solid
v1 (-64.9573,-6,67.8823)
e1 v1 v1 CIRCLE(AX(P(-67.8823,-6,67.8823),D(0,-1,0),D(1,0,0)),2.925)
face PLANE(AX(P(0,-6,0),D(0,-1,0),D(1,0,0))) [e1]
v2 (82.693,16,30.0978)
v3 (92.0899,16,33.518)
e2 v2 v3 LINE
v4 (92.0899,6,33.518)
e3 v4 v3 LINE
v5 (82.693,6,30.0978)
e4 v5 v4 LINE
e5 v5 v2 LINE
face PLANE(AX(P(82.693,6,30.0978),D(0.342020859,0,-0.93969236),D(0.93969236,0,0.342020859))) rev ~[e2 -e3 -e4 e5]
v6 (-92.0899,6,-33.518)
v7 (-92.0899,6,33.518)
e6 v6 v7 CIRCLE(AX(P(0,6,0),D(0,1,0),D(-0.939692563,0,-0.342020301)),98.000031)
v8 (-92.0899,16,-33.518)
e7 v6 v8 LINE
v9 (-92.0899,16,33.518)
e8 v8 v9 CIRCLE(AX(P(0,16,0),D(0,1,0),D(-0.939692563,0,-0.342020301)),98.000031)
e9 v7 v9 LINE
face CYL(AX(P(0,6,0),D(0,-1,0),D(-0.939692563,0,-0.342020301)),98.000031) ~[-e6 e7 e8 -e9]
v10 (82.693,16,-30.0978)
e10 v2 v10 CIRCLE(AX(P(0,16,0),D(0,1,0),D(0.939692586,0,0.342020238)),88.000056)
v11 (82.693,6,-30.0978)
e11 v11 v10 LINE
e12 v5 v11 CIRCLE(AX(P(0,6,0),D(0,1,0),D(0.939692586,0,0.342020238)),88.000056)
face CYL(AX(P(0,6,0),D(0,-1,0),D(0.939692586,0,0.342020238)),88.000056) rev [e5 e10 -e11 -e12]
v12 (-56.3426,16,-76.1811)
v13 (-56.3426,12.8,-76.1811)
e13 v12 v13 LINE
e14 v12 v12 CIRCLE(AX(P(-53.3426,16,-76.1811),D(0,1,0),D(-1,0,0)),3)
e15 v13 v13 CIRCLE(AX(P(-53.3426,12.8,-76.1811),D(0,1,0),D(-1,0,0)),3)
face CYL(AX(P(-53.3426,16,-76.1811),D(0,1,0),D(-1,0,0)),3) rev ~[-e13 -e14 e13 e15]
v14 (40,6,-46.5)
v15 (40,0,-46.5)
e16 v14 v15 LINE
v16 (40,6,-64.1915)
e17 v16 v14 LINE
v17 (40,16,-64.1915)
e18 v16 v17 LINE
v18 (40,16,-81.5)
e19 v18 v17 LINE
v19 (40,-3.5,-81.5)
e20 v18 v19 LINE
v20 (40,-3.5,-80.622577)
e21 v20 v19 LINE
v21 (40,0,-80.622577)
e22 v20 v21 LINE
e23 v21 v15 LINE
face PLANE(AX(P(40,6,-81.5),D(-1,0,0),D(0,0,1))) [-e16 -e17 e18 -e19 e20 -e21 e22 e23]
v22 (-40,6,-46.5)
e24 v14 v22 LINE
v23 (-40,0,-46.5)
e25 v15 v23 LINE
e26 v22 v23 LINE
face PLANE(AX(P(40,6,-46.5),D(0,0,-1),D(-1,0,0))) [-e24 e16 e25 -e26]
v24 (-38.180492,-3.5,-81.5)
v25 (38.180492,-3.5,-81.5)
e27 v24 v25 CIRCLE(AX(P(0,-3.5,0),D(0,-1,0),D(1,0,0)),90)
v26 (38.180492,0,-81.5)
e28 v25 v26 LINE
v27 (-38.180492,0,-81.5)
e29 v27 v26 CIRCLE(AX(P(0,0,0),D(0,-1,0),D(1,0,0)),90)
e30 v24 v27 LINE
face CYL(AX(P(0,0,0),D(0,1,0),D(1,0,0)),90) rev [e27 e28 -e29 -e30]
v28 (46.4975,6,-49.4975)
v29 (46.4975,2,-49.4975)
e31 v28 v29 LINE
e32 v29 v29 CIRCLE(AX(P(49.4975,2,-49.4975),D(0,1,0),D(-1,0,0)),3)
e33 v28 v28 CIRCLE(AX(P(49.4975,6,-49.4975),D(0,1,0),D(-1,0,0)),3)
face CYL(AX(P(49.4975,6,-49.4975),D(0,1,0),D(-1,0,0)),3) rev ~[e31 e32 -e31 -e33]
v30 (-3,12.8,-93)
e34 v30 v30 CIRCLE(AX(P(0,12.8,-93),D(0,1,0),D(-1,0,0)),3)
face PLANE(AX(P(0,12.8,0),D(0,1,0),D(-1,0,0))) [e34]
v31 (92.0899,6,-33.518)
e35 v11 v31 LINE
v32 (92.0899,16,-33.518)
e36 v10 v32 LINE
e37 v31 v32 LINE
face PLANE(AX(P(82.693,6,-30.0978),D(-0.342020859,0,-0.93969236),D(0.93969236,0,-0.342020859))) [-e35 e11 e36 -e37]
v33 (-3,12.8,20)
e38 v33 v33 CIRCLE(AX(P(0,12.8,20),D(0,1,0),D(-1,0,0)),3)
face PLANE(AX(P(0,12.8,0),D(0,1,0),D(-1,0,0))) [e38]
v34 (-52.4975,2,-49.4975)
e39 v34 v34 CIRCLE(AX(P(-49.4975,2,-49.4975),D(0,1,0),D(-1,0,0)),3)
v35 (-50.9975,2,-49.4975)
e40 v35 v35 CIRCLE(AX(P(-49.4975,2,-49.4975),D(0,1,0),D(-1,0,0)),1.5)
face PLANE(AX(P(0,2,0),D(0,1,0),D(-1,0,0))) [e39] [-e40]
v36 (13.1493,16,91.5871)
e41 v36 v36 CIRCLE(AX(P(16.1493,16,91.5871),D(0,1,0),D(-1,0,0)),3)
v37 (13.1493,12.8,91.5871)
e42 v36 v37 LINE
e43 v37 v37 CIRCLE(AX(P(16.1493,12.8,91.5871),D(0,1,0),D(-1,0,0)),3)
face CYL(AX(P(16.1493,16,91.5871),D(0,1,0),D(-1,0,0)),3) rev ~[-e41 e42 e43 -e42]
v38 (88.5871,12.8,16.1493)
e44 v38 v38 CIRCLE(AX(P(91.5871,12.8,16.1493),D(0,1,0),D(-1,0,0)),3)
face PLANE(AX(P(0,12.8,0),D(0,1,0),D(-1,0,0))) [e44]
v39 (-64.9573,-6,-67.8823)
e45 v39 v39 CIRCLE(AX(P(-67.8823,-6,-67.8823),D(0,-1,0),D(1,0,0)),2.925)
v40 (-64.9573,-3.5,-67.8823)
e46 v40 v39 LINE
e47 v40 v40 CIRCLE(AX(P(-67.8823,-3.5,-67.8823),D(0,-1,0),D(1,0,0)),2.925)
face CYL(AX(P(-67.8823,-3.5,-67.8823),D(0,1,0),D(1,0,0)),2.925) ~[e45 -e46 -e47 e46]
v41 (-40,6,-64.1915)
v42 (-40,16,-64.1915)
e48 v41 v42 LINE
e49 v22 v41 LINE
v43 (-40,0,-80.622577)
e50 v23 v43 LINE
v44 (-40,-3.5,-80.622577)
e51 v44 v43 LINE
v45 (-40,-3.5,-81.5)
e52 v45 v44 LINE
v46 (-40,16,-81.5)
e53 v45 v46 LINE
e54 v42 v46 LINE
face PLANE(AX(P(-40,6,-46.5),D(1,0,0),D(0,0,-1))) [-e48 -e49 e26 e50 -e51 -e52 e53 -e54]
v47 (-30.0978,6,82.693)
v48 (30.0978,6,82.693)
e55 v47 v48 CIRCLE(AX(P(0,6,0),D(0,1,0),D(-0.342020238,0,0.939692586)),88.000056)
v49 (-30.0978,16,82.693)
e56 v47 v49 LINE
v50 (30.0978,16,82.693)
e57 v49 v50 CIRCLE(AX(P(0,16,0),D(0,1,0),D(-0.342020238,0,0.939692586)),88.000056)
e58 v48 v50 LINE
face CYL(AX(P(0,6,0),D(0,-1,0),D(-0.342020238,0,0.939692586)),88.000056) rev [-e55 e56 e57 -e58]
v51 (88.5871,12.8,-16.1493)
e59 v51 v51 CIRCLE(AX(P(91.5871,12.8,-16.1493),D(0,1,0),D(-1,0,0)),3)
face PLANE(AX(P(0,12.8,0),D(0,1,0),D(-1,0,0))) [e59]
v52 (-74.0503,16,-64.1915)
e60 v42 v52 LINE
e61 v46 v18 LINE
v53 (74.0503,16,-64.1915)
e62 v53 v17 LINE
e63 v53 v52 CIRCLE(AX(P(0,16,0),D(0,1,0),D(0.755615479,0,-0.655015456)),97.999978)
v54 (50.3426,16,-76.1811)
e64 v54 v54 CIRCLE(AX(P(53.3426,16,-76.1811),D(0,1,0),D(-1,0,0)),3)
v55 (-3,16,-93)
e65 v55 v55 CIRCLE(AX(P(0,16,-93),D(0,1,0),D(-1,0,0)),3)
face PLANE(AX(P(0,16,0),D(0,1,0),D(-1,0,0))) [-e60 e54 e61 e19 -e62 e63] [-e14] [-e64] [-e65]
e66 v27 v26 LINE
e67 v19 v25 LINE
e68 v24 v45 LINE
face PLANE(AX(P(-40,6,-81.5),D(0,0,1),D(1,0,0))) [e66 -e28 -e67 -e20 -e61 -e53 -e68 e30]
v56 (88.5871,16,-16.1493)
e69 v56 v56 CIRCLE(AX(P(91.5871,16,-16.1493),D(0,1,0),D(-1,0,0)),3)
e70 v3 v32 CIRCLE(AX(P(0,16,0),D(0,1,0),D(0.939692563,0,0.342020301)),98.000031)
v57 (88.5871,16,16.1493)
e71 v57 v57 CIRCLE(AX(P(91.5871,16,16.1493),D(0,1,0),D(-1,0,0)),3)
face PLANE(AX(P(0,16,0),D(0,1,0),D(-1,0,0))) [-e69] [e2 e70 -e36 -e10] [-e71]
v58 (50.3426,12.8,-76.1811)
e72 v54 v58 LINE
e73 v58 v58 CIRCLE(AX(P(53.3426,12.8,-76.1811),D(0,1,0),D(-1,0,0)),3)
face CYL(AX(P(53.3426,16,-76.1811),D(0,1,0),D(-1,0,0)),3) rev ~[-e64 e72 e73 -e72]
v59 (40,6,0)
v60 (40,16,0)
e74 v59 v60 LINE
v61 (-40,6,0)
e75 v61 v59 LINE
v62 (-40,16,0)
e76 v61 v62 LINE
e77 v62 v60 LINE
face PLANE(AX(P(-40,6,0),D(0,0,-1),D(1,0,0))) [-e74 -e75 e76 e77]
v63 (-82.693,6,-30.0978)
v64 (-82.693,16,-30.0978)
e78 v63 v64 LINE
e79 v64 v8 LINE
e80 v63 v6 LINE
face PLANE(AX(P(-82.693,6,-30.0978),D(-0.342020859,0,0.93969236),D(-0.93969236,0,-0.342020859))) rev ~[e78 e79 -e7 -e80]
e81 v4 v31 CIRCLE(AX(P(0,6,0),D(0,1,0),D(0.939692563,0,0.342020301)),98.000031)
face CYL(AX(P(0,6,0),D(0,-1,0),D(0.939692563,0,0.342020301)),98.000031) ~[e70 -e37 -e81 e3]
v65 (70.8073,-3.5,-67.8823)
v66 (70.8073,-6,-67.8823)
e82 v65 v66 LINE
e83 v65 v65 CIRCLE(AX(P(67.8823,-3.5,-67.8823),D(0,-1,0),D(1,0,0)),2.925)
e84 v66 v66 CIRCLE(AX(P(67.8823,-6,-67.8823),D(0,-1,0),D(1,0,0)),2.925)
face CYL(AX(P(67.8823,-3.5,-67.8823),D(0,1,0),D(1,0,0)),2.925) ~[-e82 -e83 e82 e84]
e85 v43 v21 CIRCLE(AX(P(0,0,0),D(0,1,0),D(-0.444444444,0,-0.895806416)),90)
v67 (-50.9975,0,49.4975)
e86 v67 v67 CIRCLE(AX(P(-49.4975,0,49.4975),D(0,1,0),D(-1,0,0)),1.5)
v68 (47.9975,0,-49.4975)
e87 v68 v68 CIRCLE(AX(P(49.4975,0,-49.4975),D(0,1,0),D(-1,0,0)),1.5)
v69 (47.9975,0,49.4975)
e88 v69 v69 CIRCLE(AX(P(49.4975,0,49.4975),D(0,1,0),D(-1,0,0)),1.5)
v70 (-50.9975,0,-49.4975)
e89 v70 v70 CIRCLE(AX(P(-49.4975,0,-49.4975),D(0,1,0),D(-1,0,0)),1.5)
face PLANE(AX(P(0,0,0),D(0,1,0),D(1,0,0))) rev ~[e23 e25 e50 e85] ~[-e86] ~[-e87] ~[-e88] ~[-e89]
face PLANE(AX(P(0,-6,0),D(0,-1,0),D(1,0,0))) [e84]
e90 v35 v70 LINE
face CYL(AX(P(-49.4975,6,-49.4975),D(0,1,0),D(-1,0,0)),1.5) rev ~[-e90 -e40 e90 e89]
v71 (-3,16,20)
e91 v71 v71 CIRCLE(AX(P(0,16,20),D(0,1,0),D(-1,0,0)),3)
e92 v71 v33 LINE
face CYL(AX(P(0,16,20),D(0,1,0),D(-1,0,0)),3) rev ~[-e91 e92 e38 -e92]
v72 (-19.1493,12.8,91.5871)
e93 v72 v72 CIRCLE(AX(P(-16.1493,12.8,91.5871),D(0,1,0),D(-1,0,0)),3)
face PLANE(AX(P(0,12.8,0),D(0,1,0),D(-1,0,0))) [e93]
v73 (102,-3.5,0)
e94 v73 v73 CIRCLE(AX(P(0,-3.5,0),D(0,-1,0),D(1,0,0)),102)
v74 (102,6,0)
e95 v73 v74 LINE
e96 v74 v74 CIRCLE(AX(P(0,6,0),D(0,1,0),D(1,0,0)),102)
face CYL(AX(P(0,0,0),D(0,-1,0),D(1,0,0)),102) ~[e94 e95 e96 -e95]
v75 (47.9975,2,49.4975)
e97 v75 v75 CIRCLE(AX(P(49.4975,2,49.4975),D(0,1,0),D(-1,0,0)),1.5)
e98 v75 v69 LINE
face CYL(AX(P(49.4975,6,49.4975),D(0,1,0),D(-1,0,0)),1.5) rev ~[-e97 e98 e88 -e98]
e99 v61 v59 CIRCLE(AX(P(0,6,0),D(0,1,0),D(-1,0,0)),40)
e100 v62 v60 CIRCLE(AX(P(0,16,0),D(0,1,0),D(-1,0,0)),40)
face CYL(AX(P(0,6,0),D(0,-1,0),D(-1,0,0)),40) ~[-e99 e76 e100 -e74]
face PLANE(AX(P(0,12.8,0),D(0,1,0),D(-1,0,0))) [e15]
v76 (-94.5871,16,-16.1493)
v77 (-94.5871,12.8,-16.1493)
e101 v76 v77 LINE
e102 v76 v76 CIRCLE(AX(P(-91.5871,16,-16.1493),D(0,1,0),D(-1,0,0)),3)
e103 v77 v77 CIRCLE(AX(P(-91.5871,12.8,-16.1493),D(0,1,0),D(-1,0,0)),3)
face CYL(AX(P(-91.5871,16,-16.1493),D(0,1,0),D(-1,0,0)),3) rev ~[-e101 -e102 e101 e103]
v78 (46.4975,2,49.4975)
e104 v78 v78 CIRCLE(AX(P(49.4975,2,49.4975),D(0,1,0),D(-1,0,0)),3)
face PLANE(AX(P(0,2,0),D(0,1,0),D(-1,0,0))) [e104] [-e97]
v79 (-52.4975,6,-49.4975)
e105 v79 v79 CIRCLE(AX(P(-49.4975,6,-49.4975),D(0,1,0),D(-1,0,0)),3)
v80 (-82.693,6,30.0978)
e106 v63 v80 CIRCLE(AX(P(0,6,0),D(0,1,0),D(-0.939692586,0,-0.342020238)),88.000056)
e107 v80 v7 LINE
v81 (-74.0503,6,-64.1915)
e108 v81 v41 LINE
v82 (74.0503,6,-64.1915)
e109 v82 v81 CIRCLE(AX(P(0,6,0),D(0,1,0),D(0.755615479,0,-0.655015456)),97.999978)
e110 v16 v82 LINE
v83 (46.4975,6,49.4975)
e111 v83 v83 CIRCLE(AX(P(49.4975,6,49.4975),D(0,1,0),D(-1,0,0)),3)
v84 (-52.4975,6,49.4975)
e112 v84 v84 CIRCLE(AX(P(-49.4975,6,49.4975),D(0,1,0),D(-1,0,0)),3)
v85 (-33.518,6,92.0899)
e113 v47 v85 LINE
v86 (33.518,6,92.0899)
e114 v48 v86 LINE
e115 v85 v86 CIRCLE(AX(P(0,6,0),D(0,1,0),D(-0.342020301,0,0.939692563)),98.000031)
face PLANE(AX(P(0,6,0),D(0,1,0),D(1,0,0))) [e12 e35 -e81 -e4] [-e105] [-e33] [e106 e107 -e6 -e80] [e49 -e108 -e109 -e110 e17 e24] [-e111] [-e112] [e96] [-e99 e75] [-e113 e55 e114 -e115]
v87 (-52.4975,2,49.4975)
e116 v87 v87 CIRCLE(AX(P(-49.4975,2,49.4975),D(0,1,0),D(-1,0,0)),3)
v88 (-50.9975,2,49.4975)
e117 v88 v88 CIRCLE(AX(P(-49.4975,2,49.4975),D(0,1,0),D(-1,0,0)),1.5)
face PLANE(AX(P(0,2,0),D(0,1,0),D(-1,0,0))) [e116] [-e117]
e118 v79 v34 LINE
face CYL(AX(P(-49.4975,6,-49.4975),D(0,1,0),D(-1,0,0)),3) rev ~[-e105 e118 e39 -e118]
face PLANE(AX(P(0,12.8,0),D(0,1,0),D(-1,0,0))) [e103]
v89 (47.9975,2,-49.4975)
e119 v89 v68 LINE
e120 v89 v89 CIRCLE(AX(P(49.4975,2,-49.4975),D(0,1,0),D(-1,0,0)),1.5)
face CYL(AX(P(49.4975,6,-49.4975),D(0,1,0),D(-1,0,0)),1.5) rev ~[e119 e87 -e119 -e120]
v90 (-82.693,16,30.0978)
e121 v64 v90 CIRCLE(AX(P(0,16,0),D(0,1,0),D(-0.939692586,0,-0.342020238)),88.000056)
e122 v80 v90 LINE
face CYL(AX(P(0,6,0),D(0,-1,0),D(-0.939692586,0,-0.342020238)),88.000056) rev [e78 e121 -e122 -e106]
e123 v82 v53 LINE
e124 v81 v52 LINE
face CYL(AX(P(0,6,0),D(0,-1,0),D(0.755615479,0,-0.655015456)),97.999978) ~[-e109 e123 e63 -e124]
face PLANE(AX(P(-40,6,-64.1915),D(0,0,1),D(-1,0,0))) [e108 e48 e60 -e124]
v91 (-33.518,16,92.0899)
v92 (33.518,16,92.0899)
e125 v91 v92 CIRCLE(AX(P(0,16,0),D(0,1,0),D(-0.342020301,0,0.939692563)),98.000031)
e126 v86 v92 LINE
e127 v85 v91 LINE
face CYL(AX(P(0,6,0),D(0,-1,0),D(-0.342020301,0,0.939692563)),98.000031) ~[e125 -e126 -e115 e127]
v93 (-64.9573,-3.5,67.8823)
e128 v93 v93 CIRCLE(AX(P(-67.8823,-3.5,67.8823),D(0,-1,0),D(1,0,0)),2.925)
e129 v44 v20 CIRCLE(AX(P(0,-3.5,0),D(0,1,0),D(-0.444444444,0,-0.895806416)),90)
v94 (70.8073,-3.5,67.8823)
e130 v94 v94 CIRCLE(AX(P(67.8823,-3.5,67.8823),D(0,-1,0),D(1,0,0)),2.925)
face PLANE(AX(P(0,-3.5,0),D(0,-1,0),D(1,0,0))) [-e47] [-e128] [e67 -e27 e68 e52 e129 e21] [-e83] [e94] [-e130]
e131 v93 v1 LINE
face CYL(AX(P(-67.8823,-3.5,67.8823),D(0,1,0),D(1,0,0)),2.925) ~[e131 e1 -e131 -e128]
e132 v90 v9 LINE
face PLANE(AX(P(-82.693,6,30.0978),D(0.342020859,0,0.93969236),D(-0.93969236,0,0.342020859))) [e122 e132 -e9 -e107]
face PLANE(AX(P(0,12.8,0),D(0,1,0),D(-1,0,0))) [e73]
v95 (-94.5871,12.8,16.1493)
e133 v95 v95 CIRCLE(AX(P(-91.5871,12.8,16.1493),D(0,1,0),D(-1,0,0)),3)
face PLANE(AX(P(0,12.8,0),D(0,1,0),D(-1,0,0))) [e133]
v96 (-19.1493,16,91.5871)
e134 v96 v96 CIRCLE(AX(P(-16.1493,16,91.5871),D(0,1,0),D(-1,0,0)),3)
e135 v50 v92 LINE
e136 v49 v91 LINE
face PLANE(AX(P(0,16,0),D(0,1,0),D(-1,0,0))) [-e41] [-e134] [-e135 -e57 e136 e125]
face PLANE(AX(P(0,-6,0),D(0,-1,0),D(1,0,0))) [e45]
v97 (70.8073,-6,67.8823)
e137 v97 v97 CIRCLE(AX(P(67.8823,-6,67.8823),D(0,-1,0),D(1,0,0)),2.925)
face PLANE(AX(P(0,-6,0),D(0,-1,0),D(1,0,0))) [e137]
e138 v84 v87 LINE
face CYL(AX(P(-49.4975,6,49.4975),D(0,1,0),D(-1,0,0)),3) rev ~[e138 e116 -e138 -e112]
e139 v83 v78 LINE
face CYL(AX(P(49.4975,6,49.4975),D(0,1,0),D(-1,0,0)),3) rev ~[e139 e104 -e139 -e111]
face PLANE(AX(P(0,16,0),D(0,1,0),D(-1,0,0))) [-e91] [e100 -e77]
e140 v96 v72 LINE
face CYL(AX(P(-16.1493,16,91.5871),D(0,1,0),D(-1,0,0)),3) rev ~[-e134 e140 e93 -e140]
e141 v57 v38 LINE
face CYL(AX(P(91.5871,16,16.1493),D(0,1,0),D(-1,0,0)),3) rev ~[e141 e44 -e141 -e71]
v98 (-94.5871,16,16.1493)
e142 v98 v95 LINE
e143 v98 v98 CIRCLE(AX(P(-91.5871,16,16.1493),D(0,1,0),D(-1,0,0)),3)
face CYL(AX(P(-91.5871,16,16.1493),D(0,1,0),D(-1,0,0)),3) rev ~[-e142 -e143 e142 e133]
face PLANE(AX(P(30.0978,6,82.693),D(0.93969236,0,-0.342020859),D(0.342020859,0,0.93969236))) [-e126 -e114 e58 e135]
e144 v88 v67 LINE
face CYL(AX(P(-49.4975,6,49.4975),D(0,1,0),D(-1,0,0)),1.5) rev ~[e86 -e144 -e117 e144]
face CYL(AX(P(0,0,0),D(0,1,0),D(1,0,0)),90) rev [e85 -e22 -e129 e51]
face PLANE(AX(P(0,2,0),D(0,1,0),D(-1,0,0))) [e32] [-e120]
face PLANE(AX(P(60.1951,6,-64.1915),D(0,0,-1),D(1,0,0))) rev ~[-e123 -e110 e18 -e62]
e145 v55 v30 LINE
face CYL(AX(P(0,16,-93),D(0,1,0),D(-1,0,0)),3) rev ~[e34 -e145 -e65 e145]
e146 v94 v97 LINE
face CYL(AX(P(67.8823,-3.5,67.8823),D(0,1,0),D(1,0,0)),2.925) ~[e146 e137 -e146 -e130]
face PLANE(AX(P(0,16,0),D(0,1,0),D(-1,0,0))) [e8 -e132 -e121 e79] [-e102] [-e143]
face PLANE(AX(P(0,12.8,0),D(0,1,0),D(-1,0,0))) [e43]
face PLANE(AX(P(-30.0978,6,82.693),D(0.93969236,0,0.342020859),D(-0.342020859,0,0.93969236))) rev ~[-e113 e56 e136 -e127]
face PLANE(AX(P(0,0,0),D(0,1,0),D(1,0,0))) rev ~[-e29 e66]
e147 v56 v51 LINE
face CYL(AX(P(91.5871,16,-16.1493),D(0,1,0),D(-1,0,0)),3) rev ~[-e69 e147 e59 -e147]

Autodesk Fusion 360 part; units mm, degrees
sketch "Sketch1" plane through (0, 0, 0) normal (0, 1, 0) x (1, 0, 0)
  circle A0 centre (0, 0) radius 102
  dimension "d1" = 204
extrude "Extrude1" add sketch "Sketch1" along normal blind 6
sketch "Sketch2" plane through (0, 0, 0) normal (0, -1, 0) x (1, 0, 0)
  circle A0 centre (0, 0) radius 102
  circle A1 centre (0, 0) radius 102
  circle A2 centre (0, 0) radius 90
  dimension "d4" = 204
  dimension "d5" = 180
extrude "Extrude2" add sketch "Sketch2" along normal blind 3.5
sketch "Sketch3" plane through (0, -3.5, 0) normal (0, -1, 0) x (1, 0, 0)
  circle A0 centre (0, 0) radius 90
  circle A1 centre (0, 0) radius 102
  circle A2 centre (0, 0) radius 96 construction
  line L0 (0, 0) -> (-67.8823, 67.8823) construction
  line L1 (0, 0) -> (96, 0) construction
  line L2 (0, 0) -> (67.8823, 67.8823) construction
  line L3 (0, 0) -> (96, 0) construction
  line L4 (0, 0) -> (-67.8823, -67.8823) construction
  line L5 (0, 0) -> (96, 0) construction
  line L6 (0, 0) -> (67.8823, -67.8823) construction
  line L7 (0, 0) -> (96, 0) construction
  circle A3 centre (-67.8823, 67.8823) radius 2.925
  circle A4 centre (67.8823, 67.8823) radius 2.925
  circle A5 centre (-67.8823, -67.8823) radius 2.925
  circle A6 centre (67.8823, -67.8823) radius 2.925
  dimension "d8" = 192
  dimension "d9" = 135
  dimension "d10" = 45
  dimension "d11" = 135
  dimension "d12" = 45
  dimension "d13" = 5.85
  dimension "d14" = 5.85
  dimension "d15" = 5.85
  dimension "d16" = 5.85
extrude "Extrude3" add sketch "Sketch3" along normal blind 2.5 contours A3 | A4 | A5 | A6
sketch "Sketch4" plane through (0, 6, 0) normal (0, 1, 0) x (-1, 0, 0)
  circle A0 centre (0, 0) radius 102
  line L0 (0, 0) -> (0, -64) construction
  line L1 (40, -81.5) -> (-40, -81.5)
  line L2 (-40, -81.5) -> (-40, -46.5)
  line L3 (-40, -46.5) -> (40, -46.5)
  line L4 (40, -46.5) -> (40, -81.5)
  line L5 (40, -81.5) -> (-40, -46.5) construction
  line L6 (-40, -81.5) -> (40, -46.5) construction
  point P0 (0, -64)
  dimension "d19" = 64
  dimension "d20" = 80
  dimension "d21" = 35
extrude "Extrude4" cut sketch "Sketch4" against normal blind 20 contours L1 L2 L3 L4
sketch "Sketch5" plane through (0, 6, 0) normal (0, 1, 0) x (-1, 0, 0)
  line L0 (-40, -81.5) -> (-40, -46.5)
  line L1 (-40, -46.5) -> (40, -46.5)
  line L2 (40, -46.5) -> (40, -81.5)
  line L3 (40, -81.5) -> (-40, -81.5)
  circle A0 centre (0, 0) radius 102
  line L4 (40, 0) -> (-40, 0)
  arc A1 (40, 0) -> (-40, 0) centre (0, 0) ccw
  circle A2 centre (0, 0) radius 70 construction
  line L5 (0, 0) -> (49.4975, -49.4975) construction
  line L6 (0, 0) -> (70, 0) construction
  line L7 (0, 0) -> (49.4975, 49.4975) construction
  line L8 (0, 0) -> (70, 0) construction
  line L9 (0, 0) -> (-49.4975, -49.4975) construction
  line L10 (0, 0) -> (70, 0) construction
  line L11 (0, 0) -> (-49.4975, 49.4975) construction
  line L12 (0, 0) -> (70, 0) construction
  line L13 (0, 0) -> (98, 0) construction
  line L14 (0, 0) -> (98, 0) construction
  line L15 (0, 0) -> (98, 0) construction
  line L16 (-82.693, 30.0978) -> (-92.0899, 33.518)
  line L17 (0, 0) -> (98, 0) construction
  line L18 (30.0978, 82.693) -> (33.518, 92.0899)
  line L19 (0, 0) -> (98, 0) construction
  line L20 (-30.0978, 82.693) -> (-33.518, 92.0899)
  line L21 (0, 0) -> (98, 0) construction
  line L22 (82.693, -30.0978) -> (92.0899, -33.518)
  line L23 (82.693, 30.0978) -> (92.0899, 33.518)
  line L24 (-82.693, -30.0978) -> (-92.0899, -33.518)
  line L25 (60.1951, -64.1915) -> (74.0503, -64.1915)
  line L26 (-60.1951, -64.1915) -> (-74.0503, -64.1915)
  arc A3 (-74.0503, -64.1915) -> (74.0503, -64.1915) centre (0, 0) ccw
  arc A4 (-82.693, 30.0978) -> (-82.693, -30.0978) centre (0, 0) ccw
  arc A5 (-92.0899, 33.518) -> (-92.0899, -33.518) centre (0, 0) ccw
  arc A6 (92.0899, -33.518) -> (92.0899, 33.518) centre (0, 0) ccw
  arc A7 (33.518, 92.0899) -> (-33.518, 92.0899) centre (0, 0) ccw
  arc A8 (82.693, -30.0978) -> (82.693, 30.0978) centre (0, 0) ccw
  arc A9 (30.0978, 82.693) -> (-30.0978, 82.693) centre (0, 0) ccw
  line L27 (-60.1951, -64.1915) -> (-40, -64.1915)
  line L28 (40, -64.1915) -> (60.1951, -64.1915)
  circle A10 centre (49.4975, -49.4975) radius 1.5
  circle A11 centre (49.4975, -49.4975) radius 3
  circle A12 centre (-49.4975, -49.4975) radius 1.5
  circle A13 centre (-49.4975, -49.4975) radius 3
  circle A14 centre (49.4975, 49.4975) radius 1.5
  circle A15 centre (49.4975, 49.4975) radius 3
  circle A16 centre (-49.4975, 49.4975) radius 1.5
  circle A17 centre (-49.4975, 49.4975) radius 3
  dimension "d24" = 176
  dimension "d25" = 196
  dimension "d26" = 80
  dimension "d27" = 140
  dimension "d28" = 45
  dimension "d29" = 45
  dimension "d30" = 135
  dimension "d31" = 135
  dimension "d35" = 160
  dimension "d36" = 70
  dimension "d37" = 110
  dimension "d38" = 3
  dimension "d39" = 6
  dimension "d40" = 3
  dimension "d41" = 6
  dimension "d42" = 3
  dimension "d43" = 6
  dimension "d44" = 3
  dimension "d45" = 6
extrude "Extrude5" cut sketch "Sketch5" against normal blind 20 contours A10 | A12 | A14 | A16
extrude "Extrude6" cut sketch "Sketch5" against normal blind 4 contours A11 | A13 | A15 | A17
extrude "Extrude7" add sketch "Sketch5" along normal blind 10 contours L0 L2 L3 L25 L26 A3 L27 L28 | L4 A1 | L16 L24 A4 A5 | L18 L20 A7 A9 | L22 L23 A6 A8
sketch "Sketch6" plane through (0, 16, 0) normal (0, 1, 0) x (-1, 0, 0)
  arc A0 (40, 0) -> (-40, 0) centre (0, 0) ccw
  line L0 (-40, 0) -> (40, 0)
  circle A1 centre (0, 0) radius 93 construction
  circle A2 centre (0, 0) radius 20 construction
  line L1 (0, 0) -> (0, 20) construction
  line L2 (0, 0) -> (91.5871, -16.1493) construction
  line L3 (0, 0) -> (93, 0) construction
  line L4 (0, 0) -> (91.5871, 16.1493) construction
  line L5 (0, 0) -> (93, 0) construction
  line L6 (0, 0) -> (-91.5871, -16.1493) construction
  line L7 (0, 0) -> (93, 0) construction
  line L8 (0, 0) -> (-91.5871, 16.1493) construction
  line L9 (0, 0) -> (93, 0) construction
  line L10 (0, 0) -> (16.1493, 91.5871) construction
  line L11 (0, 0) -> (93, 0) construction
  line L12 (0, 0) -> (-16.1493, 91.5871) construction
  line L13 (0, 0) -> (93, 0) construction
  line L14 (0, 0) -> (0, -93) construction
  line L15 (0, 0) -> (-53.3426, -76.1811) construction
  line L16 (0, 0) -> (53.3426, -76.1811) construction
  circle A3 centre (0, -93) radius 3
  circle A4 centre (-53.3426, -76.1811) radius 3
  circle A5 centre (53.3426, -76.1811) radius 3
  circle A6 centre (91.5871, -16.1493) radius 3
  circle A7 centre (91.5871, 16.1493) radius 3
  circle A8 centre (-91.5871, -16.1493) radius 3
  circle A9 centre (-91.5871, 16.1493) radius 3
  circle A10 centre (-16.1493, 91.5871) radius 3
  circle A11 centre (16.1493, 91.5871) radius 3
  circle A12 centre (0, 20) radius 3
  dimension "d52" = 186
  dimension "d53" = 40
  dimension "d54" = 10
  dimension "d55" = 10
  dimension "d56" = 170
  dimension "d57" = 170
  dimension "d58" = 80
  dimension "d59" = 100
  dimension "d60" = 145
  dimension "d61" = 6
  dimension "d62" = 6
  dimension "d63" = 6
  dimension "d64" = 6
  dimension "d65" = 6
  dimension "d66" = 6
  dimension "d67" = 6
  dimension "d68" = 6
  dimension "d69" = 6
  dimension "d70" = 6
extrude "Extrude8" cut sketch "Sketch6" against normal blind 3.2 contours A3 | A4 | A5 | A6 | A7 | A8 | A9 | A10 | A11 | A12
